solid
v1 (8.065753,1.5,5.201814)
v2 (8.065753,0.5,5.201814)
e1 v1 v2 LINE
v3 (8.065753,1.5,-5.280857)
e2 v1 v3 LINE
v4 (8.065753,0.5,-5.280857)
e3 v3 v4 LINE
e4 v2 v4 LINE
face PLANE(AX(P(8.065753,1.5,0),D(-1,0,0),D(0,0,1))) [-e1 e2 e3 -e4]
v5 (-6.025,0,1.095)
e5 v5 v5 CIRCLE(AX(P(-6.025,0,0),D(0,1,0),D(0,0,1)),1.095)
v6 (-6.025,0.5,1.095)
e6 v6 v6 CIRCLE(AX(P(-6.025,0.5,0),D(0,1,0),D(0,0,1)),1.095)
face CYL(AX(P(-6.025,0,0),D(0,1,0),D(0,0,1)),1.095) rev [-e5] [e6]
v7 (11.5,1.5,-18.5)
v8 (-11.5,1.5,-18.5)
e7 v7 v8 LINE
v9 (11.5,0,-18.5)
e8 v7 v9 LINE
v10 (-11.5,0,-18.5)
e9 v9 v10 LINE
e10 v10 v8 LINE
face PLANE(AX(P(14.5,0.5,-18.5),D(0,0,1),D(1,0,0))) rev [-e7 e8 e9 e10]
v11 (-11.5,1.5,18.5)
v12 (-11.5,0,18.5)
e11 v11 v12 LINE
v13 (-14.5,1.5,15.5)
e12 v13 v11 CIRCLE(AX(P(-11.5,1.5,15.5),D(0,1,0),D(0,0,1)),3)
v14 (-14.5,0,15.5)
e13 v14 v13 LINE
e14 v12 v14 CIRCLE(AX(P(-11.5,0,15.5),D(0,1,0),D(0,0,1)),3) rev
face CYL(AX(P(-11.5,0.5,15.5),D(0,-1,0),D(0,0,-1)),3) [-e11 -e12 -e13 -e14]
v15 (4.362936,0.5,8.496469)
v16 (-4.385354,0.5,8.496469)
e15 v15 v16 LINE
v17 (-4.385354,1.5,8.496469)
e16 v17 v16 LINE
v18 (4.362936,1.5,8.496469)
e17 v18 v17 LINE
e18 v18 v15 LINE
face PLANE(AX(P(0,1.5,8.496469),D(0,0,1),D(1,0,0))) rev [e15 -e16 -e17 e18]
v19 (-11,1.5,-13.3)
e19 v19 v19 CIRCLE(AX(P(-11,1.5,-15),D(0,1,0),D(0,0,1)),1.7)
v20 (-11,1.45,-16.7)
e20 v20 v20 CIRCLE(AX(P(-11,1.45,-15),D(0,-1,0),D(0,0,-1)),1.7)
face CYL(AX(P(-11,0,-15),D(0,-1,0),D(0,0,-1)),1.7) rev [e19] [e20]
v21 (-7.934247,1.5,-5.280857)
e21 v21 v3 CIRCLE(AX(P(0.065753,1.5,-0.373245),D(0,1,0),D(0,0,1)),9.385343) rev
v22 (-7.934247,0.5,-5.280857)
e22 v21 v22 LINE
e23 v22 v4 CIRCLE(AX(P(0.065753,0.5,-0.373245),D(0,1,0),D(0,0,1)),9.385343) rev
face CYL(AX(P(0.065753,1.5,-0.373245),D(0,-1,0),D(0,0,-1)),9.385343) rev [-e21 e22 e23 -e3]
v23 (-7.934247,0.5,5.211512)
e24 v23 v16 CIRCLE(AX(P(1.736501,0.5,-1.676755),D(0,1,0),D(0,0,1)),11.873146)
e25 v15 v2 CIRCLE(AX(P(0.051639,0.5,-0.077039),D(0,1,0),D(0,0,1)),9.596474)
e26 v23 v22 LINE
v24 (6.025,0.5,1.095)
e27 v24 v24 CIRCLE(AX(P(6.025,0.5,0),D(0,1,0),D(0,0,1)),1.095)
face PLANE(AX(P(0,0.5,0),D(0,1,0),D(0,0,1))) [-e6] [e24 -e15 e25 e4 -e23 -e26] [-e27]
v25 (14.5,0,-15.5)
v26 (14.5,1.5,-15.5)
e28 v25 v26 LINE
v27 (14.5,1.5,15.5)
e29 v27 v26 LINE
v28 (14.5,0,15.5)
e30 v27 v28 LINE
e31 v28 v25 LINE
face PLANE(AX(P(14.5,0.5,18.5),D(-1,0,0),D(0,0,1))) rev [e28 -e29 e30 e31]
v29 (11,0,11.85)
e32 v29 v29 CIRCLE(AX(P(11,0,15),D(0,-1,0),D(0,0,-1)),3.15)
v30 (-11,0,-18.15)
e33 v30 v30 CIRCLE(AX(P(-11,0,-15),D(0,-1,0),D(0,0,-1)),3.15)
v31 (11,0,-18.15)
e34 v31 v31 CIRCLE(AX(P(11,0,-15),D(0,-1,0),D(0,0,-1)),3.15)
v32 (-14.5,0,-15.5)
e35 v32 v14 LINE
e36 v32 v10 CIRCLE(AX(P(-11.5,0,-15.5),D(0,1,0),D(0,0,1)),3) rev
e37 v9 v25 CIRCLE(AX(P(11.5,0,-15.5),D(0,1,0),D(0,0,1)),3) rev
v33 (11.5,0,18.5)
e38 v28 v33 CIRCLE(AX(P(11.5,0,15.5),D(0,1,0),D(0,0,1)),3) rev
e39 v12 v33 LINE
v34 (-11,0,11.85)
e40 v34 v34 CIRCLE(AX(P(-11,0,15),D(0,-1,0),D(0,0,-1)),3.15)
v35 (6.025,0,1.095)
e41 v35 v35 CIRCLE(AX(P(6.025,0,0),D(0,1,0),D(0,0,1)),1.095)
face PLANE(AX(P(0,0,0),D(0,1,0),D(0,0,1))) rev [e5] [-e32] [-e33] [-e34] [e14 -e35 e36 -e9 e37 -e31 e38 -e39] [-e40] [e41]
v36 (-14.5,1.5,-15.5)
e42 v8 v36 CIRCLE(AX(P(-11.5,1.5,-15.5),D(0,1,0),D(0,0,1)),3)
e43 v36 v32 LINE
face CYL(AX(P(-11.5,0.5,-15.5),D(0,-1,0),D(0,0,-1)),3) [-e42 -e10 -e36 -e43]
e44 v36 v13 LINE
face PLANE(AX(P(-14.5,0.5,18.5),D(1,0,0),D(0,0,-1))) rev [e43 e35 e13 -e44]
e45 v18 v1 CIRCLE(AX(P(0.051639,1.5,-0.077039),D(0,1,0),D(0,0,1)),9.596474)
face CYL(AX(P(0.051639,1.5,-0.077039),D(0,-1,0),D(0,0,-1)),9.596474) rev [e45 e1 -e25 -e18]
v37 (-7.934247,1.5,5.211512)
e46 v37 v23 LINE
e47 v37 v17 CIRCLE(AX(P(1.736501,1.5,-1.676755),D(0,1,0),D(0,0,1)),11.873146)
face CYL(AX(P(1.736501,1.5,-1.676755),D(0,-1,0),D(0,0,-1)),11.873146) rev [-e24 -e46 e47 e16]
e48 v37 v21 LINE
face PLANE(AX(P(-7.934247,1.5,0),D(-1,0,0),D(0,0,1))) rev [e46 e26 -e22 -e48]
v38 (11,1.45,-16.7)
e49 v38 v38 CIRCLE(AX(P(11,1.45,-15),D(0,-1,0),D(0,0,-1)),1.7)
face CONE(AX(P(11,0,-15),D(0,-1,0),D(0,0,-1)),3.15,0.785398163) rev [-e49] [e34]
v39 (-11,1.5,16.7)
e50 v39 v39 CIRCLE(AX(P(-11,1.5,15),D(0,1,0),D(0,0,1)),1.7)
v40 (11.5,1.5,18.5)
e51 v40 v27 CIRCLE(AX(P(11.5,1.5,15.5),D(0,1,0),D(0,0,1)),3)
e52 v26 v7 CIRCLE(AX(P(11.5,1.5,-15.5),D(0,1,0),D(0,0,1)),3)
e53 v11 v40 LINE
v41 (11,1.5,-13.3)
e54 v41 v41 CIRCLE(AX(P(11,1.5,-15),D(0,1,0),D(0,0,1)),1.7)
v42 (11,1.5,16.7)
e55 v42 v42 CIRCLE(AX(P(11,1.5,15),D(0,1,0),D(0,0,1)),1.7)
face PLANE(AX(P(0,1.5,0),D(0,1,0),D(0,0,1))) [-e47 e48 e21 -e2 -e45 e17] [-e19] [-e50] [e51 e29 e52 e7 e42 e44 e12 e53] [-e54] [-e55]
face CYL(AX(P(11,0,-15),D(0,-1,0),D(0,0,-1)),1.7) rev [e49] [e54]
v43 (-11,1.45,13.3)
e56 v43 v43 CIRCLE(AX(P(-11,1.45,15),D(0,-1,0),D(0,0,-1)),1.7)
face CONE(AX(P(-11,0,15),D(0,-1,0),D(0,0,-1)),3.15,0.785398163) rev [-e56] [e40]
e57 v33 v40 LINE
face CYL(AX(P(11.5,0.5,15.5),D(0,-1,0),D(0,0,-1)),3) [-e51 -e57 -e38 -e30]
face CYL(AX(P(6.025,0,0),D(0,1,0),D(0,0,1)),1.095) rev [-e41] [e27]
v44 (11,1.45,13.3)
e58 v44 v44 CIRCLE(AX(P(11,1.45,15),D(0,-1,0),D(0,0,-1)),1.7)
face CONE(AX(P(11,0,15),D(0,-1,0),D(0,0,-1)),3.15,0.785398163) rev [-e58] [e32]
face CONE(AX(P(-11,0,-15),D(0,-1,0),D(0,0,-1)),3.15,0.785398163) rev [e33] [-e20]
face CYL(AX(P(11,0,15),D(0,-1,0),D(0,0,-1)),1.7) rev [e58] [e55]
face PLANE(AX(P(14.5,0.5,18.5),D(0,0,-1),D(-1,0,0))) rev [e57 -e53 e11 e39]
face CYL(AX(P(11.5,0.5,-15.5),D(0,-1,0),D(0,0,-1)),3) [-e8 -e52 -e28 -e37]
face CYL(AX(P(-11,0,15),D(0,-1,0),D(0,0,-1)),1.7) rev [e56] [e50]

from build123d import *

# Parameters (mm, degrees)
SKETCH5_W                                    = 29
SKETCH5_H                                    = 37
BOSS_EXTRUDE3_DEPTH                          = 0.5
SKETCH6_R                                    = 1.095
CUT_EXTRUDE1_DEPTH                           = 1
CUT_EXTRUDE1_DEPTH_BACK                      = 1.5
SKETCH7_W                                    = 29
SKETCH7_H                                    = 37
BOSS_EXTRUDE4_DEPTH                          = 1
FILLET1_R                                    = 3
CSK_FOR_M3_COUNTERSUNK_FLAT_HEAD_SCR_2_COUNT = 2
CSK_FOR_M3_COUNTERSUNK_FLAT_HEAD_SCR_2_PITCH = 22
CSK_FOR_M3_COUNTERSUNK_FLAT_HEAD_SCR_3_COUNT = 2
CSK_FOR_M3_COUNTERSUNK_FLAT_HEAD_SCR_3_PITCH = 37.202150475
CSK_FOR_M3_COUNTERSUNK_FLAT_HEAD_SCR_4_COUNT = 2
CSK_FOR_M3_COUNTERSUNK_FLAT_HEAD_SCR_4_PITCH = 30


with BuildPart() as part:
    # Sketch5 → Boss-Extrude3 (new body)
    with BuildSketch(Plane(origin=(0, 0, 0), x_dir=(1, 0, 0), z_dir=(0, 1, 0))):
        Rectangle(SKETCH5_W, SKETCH5_H)
    extrude(amount=BOSS_EXTRUDE3_DEPTH)

    # Sketch6 → Cut-Extrude1 (cut, two sides)
    with BuildSketch(Plane(origin=(0, 0.5, 0), x_dir=(1, 0, 0), z_dir=(0, 1, 0))) as cut_extrude1_sk:
        with Locations((-6.025, 0)):
            Circle(SKETCH6_R)
        with Locations((6.025, 0)):
            Circle(SKETCH6_R)
    extrude(amount=CUT_EXTRUDE1_DEPTH, mode=Mode.SUBTRACT)
    extrude(cut_extrude1_sk.sketch, amount=-CUT_EXTRUDE1_DEPTH_BACK, mode=Mode.SUBTRACT)

    # Sketch7 → Boss-Extrude4 (add)
    with BuildSketch(Plane(origin=(0, 0.5, 0), x_dir=(1, 0, 0), z_dir=(0, 1, 0))):
        Rectangle(SKETCH7_W, SKETCH7_H)
        with BuildLine():
            ThreePointArc((4.362935735, -8.496468579), (6.43071599, -7.092318659), (8.065752838, -5.201814312))
            Line((8.065752838, -5.201814312), (8.065752838, 5.280856896))
            ThreePointArc((8.065752838, 5.280856896), (0.065752838, 9.758587375), (-7.934247162, 5.280856896))
            Line((-7.934247162, 5.280856896), (-7.934247162, -5.211512098))
            ThreePointArc((-7.934247162, -5.211512098), (-6.328814647, -7.036583971), (-4.385354374, -8.496468579))
            Line((-4.385354374, -8.496468579), (4.362935735, -8.496468579))
        make_face(mode=Mode.SUBTRACT)
    extrude(amount=BOSS_EXTRUDE4_DEPTH)

    # Fillet1
    fillet1_edges = [part.edges().sort_by_distance(p)[0] for p in [
        (-14.5, 0.75, -18.5),
        (14.5, 0.75, -18.5),
        (14.5, 0.75, 18.5),
        (-14.5, 0.75, 18.5),
    ]]
    fillet(fillet1_edges, radius=FILLET1_R)

    # Sketch11 → CSK for M3 Countersunk Flat Head Screw1 (revolve, cut)
    with BuildSketch(Plane(origin=(-11, 0, -15), x_dir=(0, 0, -1), z_dir=(1, 0, 0))):
        Polygon((0, 0), (0, 1.5), (1.7, 1.5), (1.7, 1.45), (3.15, 0), align=None)
    csk_for_m3_countersunk_flat_head_screw1 = revolve(axis=Axis((-11, -6.35, -15), (0, 1, 0)), mode=Mode.SUBTRACT)

    # CSK for M3 Countersunk Flat Head Scr 2: CSK for M3 Countersunk Flat Head Screw1 ×2
    with Locations(*[(i * CSK_FOR_M3_COUNTERSUNK_FLAT_HEAD_SCR_2_PITCH, 0, 0) for i in range(1, CSK_FOR_M3_COUNTERSUNK_FLAT_HEAD_SCR_2_COUNT)]):
        add(csk_for_m3_countersunk_flat_head_screw1, mode=Mode.SUBTRACT)

    # CSK for M3 Countersunk Flat Head Scr 3: CSK for M3 Countersunk Flat Head Screw1 ×2
    with Locations(*[Vector(0.591363664, 0, 0.806404996) * (i * CSK_FOR_M3_COUNTERSUNK_FLAT_HEAD_SCR_3_PITCH) for i in range(1, CSK_FOR_M3_COUNTERSUNK_FLAT_HEAD_SCR_3_COUNT)]):
        add(csk_for_m3_countersunk_flat_head_screw1, mode=Mode.SUBTRACT)

    # CSK for M3 Countersunk Flat Head Scr 4: CSK for M3 Countersunk Flat Head Screw1 ×2
    with Locations(*[(0, 0, i * CSK_FOR_M3_COUNTERSUNK_FLAT_HEAD_SCR_4_PITCH) for i in range(1, CSK_FOR_M3_COUNTERSUNK_FLAT_HEAD_SCR_4_COUNT)]):
        add(csk_for_m3_countersunk_flat_head_screw1, mode=Mode.SUBTRACT)


solid = part.part
